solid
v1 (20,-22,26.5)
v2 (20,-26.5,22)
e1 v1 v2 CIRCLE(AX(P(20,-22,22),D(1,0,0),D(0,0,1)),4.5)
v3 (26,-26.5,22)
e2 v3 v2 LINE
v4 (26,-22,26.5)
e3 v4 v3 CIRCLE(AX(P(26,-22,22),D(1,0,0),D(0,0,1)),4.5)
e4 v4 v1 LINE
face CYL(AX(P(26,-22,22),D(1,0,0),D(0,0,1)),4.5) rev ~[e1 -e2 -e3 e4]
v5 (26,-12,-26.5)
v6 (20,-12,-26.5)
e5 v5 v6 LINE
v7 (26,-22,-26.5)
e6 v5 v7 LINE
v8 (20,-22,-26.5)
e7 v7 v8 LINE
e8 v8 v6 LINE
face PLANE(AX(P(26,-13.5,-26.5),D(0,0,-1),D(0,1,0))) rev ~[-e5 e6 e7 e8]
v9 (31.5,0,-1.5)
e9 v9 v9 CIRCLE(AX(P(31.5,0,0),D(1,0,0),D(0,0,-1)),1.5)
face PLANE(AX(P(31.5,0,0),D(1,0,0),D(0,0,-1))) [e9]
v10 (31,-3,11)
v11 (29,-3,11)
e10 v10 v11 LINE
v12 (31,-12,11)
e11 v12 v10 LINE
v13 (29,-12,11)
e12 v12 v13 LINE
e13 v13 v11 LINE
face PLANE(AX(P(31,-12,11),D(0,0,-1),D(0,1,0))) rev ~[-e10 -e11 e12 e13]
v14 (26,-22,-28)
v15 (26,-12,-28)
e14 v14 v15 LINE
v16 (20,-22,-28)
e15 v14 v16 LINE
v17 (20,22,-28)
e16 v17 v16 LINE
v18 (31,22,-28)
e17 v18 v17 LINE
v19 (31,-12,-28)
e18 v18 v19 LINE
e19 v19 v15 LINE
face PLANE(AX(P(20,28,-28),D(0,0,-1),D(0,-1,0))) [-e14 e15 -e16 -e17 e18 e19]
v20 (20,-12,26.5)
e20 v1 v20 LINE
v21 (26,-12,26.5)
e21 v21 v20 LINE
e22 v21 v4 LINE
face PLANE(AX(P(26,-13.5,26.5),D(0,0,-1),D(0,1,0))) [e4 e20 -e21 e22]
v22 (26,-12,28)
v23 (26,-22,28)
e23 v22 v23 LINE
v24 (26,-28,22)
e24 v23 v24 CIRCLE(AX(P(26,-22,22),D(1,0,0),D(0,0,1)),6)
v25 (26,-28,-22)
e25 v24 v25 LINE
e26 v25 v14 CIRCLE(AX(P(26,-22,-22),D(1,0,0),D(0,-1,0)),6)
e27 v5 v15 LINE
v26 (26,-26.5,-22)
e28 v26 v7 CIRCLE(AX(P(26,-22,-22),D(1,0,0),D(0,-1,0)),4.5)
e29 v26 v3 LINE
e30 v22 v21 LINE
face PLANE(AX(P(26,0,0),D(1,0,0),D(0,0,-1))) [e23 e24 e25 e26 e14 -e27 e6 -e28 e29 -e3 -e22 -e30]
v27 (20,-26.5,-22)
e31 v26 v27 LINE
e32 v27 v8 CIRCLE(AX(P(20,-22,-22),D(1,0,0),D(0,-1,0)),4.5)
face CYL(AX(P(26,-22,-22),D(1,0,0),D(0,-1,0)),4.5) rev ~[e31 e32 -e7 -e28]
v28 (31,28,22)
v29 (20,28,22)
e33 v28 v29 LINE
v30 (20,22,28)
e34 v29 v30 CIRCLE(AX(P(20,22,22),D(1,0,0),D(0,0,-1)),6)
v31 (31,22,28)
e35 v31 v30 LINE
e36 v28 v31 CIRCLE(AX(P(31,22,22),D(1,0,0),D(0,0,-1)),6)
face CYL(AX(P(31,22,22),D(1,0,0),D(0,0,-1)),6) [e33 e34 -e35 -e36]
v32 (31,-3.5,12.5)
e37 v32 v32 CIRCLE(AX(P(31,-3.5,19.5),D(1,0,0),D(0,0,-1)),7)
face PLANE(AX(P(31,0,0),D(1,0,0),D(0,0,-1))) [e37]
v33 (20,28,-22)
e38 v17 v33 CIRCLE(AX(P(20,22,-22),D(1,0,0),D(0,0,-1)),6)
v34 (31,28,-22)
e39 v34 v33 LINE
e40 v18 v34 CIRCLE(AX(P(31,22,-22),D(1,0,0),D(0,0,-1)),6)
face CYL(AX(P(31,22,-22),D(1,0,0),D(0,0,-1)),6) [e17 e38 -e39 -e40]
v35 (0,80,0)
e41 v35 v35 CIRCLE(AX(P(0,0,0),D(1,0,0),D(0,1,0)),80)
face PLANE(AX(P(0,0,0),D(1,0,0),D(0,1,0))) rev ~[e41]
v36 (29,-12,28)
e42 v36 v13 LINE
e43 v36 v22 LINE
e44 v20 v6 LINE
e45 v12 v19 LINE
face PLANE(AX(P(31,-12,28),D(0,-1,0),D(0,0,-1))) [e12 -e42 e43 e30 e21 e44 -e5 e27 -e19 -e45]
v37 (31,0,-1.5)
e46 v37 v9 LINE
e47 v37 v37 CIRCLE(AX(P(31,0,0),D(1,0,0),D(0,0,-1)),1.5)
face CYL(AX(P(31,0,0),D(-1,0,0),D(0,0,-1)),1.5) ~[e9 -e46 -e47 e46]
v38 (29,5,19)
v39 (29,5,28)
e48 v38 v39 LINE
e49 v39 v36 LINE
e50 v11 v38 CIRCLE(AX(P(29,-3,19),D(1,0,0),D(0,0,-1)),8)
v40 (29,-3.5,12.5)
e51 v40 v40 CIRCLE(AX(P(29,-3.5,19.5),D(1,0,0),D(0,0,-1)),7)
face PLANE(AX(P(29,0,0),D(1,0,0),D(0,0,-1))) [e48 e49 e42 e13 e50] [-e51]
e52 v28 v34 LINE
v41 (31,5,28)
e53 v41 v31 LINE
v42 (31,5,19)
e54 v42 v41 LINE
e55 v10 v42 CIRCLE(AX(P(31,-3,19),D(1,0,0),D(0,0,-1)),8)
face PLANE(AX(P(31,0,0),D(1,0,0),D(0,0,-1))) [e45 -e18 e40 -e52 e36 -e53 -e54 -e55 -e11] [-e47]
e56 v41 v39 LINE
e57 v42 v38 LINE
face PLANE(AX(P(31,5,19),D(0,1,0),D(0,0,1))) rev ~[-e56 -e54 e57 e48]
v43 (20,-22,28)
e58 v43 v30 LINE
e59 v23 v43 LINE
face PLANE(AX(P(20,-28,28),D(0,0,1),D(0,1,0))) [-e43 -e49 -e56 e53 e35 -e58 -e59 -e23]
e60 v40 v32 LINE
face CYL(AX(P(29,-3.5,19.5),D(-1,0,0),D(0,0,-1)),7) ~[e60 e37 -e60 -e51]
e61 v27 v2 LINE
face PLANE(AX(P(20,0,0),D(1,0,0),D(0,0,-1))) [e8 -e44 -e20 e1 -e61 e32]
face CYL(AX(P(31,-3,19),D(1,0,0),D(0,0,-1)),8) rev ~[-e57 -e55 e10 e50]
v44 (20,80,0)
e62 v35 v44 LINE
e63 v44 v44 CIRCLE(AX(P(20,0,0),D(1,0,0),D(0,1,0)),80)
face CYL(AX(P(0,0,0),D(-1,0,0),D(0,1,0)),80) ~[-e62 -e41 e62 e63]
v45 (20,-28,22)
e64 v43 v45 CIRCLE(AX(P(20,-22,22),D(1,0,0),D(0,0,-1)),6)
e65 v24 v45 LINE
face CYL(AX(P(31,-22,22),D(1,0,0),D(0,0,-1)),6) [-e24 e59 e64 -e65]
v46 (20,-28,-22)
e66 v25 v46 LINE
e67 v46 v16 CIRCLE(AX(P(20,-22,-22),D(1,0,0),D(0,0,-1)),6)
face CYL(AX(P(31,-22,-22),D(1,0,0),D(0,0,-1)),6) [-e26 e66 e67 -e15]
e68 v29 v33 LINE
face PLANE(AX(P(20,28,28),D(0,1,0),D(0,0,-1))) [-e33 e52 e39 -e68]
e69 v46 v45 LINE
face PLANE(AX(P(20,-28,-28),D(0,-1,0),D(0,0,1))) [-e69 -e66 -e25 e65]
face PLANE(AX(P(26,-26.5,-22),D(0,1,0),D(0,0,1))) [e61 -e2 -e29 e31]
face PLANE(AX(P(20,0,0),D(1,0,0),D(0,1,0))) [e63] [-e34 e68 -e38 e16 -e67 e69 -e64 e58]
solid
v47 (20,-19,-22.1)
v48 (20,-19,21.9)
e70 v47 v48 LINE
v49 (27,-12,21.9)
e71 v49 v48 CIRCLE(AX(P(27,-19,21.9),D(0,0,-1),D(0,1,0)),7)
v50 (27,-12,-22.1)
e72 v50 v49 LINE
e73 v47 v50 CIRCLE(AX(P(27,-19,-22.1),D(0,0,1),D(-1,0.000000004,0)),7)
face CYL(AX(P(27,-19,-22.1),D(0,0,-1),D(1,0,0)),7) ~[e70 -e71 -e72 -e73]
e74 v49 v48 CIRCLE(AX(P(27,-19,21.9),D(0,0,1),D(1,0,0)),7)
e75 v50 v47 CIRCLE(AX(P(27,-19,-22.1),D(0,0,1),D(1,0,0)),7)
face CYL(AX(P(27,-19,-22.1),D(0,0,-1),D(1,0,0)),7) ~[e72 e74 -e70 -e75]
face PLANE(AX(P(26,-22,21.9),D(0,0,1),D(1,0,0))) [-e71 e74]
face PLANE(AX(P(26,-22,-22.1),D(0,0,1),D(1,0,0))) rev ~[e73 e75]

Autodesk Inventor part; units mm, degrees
ref_plane "YZ Plane" through (0, 0, 0) normal (1, 0, 0) x (0, 1, 0)
ref_plane "XZ Plane" through (0, 0, 0) normal (0, 1, 0) x (-1, 0, 0)
ref_plane "XY Plane" through (0, 0, 0) normal (0, 0, 1) x (1, 0, 0)
sketch "スケッチ1" plane through (0, 0, 0) normal (1, 0, 0) x (0, 1, 0)
  circle A0 centre (0, 0) radius 80
  dimension "d0" = 160
extrude "押し出し1" add sketch "スケッチ1" along normal blind 20
sketch "スケッチ2" plane through (20, 0, 0) normal (1, 0, 0) x (0, 0, -1)
  line L0 (28, -28) -> (-28, -28)
  line L1 (-28, -28) -> (-28, 28)
  line L2 (-28, 28) -> (28, 28)
  line L3 (28, 28) -> (28, -28)
  line L4 (28, -28) -> (-28, 28) construction
  line L5 (-28, -28) -> (28, 28) construction
  point P0 (0, 0)
  dimension "d3" = 56
  dimension "d4" = 56
extrude "押し出し2" add sketch "スケッチ2" along normal blind 11
sketch "スケッチ3" plane through (31, 0, 0) normal (1, 0, 0) x (0, 0, -1)
  line L0 (28, 28) -> (-28, 28) projected
  line L1 (-28, 28) -> (-28, -28) projected
  line L2 (-28, -28) -> (28, -28) projected
  line L3 (28, -28) -> (28, 28) projected
  circle A0 centre (-22, 22) radius 6
  line L4 (0, 28) -> (0, -28)
  line L5 (-28, 0) -> (28, 0)
  circle A1 centre (22, 22) radius 6
  circle A2 centre (-22, -22) radius 6
  circle A3 centre (22, -22) radius 6
  point P0 (0, 0)
  point P1 (-22, -28)
  point P2 (-28, -22)
  point P3 (28, -22)
  point P4 (22, -28)
  point P5 (22, 28)
  point P6 (28, 22)
  point P7 (-28, 22)
  point P8 (-22, 28)
  dimension "d7" = 12
extrude "押し出し3" cut sketch "スケッチ3" against normal up to surface (11 mm away) contours L3 A1 L0 | A0 L1 L0 | L3 L2 A3 | L2 L1 A2
sketch "スケッチ4" plane through (31, 0, 0) normal (1, 0, 0) x (0, 0, -1)
  arc A0 (22, -28) -> (28, -22) centre (22, -22) ccw projected
  line L0 (28, -22) -> (28, 22) projected
  arc A1 (28, 22) -> (22, 28) centre (22, 22) ccw projected
  line L1 (22, 28) -> (-22, 28) projected
  arc A2 (-22, 28) -> (-28, 22) centre (-22, 22) ccw projected
  line L2 (-28, 22) -> (-28, -22) projected
  arc A3 (-28, -22) -> (-22, -28) centre (-22, -22) ccw projected
  line L3 (-22, -28) -> (22, -28) projected
  line L4 (-28, -12) -> (28, -12)
  point P0 (0, 0)
  dimension "d10" = 16
extrude "押し出し4" cut sketch "スケッチ4" against normal blind 5 contours L3 A3 L2 L4 L0 A0
sketch "スケッチ5" plane through (26, 0, 0) normal (1, 0, 0) x (0, 0, -1)
  line L0 (28, -12) -> (28, -22) projected
  line L1 (-28, -12) -> (28, -12) projected
  line L2 (-28, -22) -> (-28, -12) projected
  arc A0 (-28, -22) -> (-22, -28) centre (-22, -22) ccw projected
  line L3 (22, -28) -> (-22, -28) projected
  arc A1 (22, -28) -> (28, -22) centre (22, -22) ccw projected
  arc A2 (-26.5, -22) -> (-22, -26.5) centre (-22, -22) ccw
  line L4 (-26.5, -22) -> (-26.5, -13.5)
  line L5 (-26.5, -13.5) -> (26.5, -13.5)
  line L6 (26.5, -13.5) -> (26.5, -22)
  arc A3 (22, -26.5) -> (26.5, -22) centre (22, -22) ccw
  line L7 (22, -26.5) -> (-22, -26.5)
  line L8 (-26.5, -13.5) -> (-26.5, -12)
  line L9 (26.5, -13.5) -> (26.5, -12)
  point P0 (0, 0)
  dimension "d13" = 1.5
extrude "押し出し5" cut sketch "スケッチ5" against normal up to surface (6 mm away) contours L9 L5 L8 L1 | L6 A3 L7 A2 L4 L5
ref_plane "作業平面1" through (26, -22, -22.1) normal (0, 0, 1) x (1, 0, 0)
sketch "スケッチ6" plane through (26, -22, -22.1) normal (0, 0, 1) x (1, 0, 0)
  line L0 (0, 10) -> (-6, 10) projected
  line L1 (0, 10) -> (5, 10) projected
  line L2 (-6, -58) -> (-6, 102) projected
  circle A0 centre (1, 3) radius 7
  point P0 (-26, 22)
  dimension "d17" = 14
extrude "押し出し6" add sketch "スケッチ6" along normal blind 44 contours A0
sketch "スケッチ7" plane through (31, 0, 0) normal (1, 0, 0) x (0, 0, -1)
  line L0 (-28, -12) -> (28, -12) projected
  line L1 (28, -12) -> (28, 22) projected
  arc A0 (28, 22) -> (22, 28) centre (22, 22) ccw projected
  line L2 (22, 28) -> (-22, 28) projected
  arc A1 (-22, 28) -> (-28, 22) centre (-22, 22) ccw projected
  line L3 (-28, 22) -> (-28, -12) projected
  line L4 (-28, -12) -> (-11, -12)
  line L5 (-11, -12) -> (-11, 5)
  line L6 (-11, 5) -> (-28, 5)
  line L7 (-28, 5) -> (-28, -12)
  circle A2 centre (-19, -3) radius 8
  point P0 (0, 0)
  point P1 (-19, 5)
  point P2 (-11, -3)
  dimension "d20" = 17
  dimension "d21" = 17
  dimension "d22" = 16
extrude "押し出し7" cut sketch "スケッチ7" against normal blind 2 contours L3 L6 A2 L5 L0 | A2
sketch "スケッチ8" plane through (29, 0, 0) normal (1, 0, 0) x (0, 0, -1)
  line L0 (-28, -12) -> (-28, 5) projected
  line L1 (-11, -12) -> (-28, -12) projected
  line L2 (-11, -3) -> (-11, -12) projected
  arc A0 (-11, -3) -> (-19, 5) centre (-19, -3) ccw projected
  line L3 (-28, 5) -> (-19, 5) projected
  circle A1 centre (-19.5, -3.5) radius 7
  point P0 (0, 0)
  dimension "d25" = 14
  dimension "d26" = 8.5
  dimension "d27" = 8.5
extrude "押し出し8" add sketch "スケッチ8" along normal blind 2 contours A1
sketch "スケッチ9" plane through (31, 0, 0) normal (1, 0, 0) x (0, 0, -1)
  circle A0 centre (0, 0) radius 1.5
  dimension "d30" = 3
extrude "押し出し9" add sketch "スケッチ9" along normal blind 0.5
properties part number "Clack"
